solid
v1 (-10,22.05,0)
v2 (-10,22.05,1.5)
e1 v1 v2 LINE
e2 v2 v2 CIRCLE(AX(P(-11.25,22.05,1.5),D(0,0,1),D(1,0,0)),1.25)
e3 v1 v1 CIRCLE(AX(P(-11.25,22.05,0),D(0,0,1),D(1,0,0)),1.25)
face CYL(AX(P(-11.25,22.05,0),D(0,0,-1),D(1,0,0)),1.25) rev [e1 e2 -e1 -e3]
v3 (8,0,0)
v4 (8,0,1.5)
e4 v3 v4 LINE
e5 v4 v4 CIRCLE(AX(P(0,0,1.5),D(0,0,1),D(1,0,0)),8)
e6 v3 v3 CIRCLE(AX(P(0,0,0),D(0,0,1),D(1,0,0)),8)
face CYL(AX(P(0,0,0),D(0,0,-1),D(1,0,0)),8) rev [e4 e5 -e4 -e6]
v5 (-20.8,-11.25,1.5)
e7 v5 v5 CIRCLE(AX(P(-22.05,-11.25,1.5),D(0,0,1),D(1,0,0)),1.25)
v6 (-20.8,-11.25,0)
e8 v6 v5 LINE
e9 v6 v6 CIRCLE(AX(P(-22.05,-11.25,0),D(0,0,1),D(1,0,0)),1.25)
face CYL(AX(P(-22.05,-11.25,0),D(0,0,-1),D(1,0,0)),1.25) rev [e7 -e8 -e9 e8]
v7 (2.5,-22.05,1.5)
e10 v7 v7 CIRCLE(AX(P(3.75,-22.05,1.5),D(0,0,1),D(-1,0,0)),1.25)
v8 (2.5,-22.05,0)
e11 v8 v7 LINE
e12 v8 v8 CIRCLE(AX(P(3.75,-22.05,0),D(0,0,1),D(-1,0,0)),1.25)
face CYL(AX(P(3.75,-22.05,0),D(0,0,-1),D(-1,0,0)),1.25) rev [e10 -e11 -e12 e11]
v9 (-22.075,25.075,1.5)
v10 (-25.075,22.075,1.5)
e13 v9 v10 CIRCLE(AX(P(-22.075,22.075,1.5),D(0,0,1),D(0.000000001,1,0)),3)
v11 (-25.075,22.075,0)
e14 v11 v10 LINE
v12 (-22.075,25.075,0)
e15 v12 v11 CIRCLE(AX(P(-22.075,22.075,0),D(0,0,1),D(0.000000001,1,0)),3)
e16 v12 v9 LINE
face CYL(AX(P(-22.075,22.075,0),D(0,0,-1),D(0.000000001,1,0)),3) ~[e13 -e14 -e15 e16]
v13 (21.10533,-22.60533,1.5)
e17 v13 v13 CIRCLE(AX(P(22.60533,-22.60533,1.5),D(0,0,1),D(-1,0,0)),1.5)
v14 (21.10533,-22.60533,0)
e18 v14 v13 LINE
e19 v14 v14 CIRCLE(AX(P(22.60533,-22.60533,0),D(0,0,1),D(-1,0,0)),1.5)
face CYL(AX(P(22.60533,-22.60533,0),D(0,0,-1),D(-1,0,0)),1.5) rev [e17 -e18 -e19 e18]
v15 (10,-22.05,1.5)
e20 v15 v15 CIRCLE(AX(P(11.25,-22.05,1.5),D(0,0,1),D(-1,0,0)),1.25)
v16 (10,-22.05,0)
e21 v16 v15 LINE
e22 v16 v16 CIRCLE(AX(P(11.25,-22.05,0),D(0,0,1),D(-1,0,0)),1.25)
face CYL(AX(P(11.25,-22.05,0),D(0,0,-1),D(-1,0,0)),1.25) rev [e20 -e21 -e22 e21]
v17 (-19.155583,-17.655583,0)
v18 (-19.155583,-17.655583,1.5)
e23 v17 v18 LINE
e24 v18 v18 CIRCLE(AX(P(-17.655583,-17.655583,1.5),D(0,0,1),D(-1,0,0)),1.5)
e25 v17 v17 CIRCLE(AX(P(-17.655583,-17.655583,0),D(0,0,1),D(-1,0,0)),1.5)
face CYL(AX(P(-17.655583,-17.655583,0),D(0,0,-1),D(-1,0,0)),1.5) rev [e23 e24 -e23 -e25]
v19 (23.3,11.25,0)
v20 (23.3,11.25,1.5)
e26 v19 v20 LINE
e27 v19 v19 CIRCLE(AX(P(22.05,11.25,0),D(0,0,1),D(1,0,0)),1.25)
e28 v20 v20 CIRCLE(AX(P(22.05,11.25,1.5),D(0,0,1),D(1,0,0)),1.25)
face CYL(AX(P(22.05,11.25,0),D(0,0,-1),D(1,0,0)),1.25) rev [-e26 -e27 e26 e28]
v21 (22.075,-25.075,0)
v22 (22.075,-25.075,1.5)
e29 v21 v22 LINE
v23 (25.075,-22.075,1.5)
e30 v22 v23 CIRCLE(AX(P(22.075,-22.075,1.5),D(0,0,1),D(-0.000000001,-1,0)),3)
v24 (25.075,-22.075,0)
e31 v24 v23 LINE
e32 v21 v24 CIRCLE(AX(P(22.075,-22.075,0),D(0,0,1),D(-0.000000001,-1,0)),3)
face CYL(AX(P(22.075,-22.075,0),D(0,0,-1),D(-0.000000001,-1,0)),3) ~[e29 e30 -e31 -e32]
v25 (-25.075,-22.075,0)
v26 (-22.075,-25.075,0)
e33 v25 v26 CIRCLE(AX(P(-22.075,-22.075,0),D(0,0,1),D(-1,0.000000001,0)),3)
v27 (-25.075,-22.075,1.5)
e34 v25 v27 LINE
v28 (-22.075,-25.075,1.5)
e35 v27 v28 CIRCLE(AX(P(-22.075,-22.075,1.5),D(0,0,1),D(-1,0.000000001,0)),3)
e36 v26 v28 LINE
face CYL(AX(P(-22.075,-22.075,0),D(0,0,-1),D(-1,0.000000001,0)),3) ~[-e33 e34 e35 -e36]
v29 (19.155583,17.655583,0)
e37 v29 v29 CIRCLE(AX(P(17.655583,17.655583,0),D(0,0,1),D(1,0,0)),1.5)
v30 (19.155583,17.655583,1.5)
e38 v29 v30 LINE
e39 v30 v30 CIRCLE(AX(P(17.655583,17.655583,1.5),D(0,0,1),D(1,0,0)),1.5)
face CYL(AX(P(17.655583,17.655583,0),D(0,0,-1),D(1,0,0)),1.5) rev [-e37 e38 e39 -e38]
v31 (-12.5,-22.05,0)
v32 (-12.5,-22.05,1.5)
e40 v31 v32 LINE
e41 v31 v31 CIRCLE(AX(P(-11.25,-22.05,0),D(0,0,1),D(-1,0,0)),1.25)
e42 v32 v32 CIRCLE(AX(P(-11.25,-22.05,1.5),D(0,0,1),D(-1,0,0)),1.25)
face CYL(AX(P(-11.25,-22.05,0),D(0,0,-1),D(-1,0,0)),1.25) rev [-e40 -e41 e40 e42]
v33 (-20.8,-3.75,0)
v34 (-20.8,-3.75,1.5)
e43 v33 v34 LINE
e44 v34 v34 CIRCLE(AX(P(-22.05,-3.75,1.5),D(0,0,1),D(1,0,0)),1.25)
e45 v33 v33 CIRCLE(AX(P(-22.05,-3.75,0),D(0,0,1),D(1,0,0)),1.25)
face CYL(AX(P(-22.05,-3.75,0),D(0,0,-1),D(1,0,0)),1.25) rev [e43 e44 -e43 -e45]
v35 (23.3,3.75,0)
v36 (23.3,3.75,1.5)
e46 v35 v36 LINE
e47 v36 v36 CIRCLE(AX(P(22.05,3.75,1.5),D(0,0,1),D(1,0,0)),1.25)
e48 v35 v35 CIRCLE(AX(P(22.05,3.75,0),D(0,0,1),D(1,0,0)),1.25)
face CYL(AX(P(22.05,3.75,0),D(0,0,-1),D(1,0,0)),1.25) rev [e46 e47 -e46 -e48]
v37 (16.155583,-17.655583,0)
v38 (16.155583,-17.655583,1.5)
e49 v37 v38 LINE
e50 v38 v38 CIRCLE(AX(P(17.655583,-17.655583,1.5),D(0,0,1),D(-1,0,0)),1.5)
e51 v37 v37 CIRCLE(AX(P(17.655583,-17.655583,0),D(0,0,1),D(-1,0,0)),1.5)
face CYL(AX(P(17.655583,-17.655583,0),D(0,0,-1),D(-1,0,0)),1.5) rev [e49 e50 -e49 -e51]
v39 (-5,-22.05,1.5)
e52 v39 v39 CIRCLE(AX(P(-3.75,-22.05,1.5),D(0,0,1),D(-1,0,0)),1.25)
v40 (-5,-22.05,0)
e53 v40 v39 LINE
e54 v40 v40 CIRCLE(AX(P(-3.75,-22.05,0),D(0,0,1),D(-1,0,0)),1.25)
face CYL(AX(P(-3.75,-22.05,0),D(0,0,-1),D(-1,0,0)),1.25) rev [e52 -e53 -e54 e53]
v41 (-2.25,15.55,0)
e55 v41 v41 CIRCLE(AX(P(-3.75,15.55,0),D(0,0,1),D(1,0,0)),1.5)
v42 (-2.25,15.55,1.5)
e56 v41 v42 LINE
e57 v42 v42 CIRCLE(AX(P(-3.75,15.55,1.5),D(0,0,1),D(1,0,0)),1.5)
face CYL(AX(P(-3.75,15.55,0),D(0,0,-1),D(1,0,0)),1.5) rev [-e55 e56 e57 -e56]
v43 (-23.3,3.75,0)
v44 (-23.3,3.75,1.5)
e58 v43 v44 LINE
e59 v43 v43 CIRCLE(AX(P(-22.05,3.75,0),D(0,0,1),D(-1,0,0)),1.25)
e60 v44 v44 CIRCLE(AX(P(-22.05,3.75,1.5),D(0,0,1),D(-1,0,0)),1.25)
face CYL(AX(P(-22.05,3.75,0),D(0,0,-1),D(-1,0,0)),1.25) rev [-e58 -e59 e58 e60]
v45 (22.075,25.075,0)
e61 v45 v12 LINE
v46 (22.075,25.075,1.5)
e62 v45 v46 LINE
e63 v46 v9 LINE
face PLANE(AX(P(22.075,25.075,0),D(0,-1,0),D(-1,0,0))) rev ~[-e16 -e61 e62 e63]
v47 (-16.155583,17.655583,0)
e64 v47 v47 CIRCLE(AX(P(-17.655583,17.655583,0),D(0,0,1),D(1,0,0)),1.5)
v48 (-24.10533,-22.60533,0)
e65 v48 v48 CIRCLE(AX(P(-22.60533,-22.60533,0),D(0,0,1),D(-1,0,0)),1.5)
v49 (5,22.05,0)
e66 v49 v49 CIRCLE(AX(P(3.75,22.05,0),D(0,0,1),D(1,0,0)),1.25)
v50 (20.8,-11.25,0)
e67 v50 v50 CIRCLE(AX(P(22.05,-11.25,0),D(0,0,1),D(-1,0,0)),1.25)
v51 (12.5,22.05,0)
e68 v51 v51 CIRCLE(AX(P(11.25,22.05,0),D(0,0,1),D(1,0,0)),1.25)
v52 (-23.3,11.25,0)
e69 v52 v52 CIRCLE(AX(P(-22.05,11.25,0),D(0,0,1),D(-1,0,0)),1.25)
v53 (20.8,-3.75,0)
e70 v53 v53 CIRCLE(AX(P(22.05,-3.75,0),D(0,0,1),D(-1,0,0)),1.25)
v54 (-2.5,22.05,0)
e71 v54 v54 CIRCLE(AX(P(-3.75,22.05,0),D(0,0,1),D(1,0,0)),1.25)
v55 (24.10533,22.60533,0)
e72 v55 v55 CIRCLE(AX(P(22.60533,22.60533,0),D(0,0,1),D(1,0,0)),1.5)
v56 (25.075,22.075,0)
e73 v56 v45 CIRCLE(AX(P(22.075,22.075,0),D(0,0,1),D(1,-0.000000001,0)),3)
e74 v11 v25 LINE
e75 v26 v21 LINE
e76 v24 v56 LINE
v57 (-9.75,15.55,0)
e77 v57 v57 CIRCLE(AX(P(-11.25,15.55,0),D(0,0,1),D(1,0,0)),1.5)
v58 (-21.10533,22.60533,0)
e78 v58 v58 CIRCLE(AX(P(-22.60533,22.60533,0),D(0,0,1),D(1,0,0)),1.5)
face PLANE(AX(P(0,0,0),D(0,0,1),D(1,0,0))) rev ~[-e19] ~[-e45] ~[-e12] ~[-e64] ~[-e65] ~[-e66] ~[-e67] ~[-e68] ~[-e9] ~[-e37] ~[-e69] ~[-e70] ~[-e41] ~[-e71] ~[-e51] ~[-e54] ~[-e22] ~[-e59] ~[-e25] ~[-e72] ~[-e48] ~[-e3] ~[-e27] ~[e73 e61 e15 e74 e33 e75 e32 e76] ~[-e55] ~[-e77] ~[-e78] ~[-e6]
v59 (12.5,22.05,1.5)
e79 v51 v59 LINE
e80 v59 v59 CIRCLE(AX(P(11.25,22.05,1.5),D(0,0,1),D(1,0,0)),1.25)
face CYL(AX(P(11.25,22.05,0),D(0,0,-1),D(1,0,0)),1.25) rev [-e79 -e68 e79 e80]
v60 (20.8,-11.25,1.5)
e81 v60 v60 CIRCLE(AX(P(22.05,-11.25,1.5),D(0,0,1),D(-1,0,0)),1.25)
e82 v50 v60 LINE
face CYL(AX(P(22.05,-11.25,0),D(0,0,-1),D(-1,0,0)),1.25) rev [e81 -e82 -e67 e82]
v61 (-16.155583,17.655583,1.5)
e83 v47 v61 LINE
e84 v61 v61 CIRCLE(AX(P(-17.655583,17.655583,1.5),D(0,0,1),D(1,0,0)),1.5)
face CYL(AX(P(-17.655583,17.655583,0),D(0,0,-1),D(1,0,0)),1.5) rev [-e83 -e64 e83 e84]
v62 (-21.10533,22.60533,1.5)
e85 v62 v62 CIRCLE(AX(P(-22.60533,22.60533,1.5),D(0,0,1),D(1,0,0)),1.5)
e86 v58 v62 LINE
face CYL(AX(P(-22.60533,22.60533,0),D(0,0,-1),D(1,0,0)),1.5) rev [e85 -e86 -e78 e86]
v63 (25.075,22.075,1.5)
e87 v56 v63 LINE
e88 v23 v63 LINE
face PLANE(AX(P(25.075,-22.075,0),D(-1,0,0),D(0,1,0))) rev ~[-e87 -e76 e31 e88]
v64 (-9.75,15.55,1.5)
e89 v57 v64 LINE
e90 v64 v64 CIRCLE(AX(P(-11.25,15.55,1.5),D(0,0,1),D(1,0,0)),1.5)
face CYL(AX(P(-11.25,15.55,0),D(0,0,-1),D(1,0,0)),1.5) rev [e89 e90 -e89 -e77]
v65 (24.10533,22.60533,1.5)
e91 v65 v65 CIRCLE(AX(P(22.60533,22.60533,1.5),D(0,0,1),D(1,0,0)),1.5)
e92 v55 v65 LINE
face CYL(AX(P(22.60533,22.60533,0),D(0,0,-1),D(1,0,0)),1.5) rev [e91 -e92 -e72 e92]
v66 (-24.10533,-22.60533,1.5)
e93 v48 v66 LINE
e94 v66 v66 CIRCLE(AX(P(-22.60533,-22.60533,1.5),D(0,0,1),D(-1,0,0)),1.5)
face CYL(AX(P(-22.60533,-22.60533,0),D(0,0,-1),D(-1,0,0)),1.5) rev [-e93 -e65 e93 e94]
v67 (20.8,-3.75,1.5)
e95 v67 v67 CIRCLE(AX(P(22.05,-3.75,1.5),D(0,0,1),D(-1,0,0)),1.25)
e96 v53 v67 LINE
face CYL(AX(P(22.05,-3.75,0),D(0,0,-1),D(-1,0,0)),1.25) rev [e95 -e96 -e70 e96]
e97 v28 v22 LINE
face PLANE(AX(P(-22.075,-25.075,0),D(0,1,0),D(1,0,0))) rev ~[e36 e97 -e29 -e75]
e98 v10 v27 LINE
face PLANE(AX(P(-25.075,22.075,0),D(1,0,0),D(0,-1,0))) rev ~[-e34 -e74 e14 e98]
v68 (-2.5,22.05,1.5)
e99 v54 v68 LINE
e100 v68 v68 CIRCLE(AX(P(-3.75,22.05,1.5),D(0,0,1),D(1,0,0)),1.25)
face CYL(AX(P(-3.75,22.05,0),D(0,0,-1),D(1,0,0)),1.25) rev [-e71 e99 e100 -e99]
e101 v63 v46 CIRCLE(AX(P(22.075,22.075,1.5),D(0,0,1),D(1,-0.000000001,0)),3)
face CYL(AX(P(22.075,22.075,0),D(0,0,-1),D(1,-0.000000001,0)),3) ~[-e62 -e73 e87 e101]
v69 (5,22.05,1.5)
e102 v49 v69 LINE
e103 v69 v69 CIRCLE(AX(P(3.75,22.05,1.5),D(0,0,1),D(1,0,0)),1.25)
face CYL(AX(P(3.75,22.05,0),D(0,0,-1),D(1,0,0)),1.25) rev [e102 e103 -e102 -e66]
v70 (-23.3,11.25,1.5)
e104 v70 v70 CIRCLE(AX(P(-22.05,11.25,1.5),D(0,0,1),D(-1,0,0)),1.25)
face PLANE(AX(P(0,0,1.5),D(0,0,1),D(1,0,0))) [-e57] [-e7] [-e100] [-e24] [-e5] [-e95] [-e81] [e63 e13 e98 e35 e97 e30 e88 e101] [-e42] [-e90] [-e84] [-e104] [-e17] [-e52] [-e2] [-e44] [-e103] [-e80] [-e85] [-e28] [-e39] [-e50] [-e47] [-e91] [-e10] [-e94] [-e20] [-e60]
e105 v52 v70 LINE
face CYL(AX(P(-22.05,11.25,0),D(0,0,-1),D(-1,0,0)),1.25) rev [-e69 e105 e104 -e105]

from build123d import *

# Parameters (mm, degrees)
SKETCH1_R           = 8
SKETCH1_R_2         = 1.5
SKETCH1_R_3         = 1.25
BOSS_EXTRUDE1_DEPTH = 1.5


with BuildPart() as part:
    # Sketch1 → Boss-Extrude1 (new body)
    with BuildSketch(Plane.XY):
        with BuildLine():
            Line((-22.075, -25.075), (22.075, -25.075))
            ThreePointArc((22.075, -25.075), (24.196320344, -24.196320344), (25.075, -22.075))
            Line((25.075, -22.075), (25.075, 22.075))
            ThreePointArc((25.075, 22.075), (24.196320344, 24.196320344), (22.075, 25.075))
            Line((22.075, 25.075), (-22.075, 25.075))
            ThreePointArc((-22.075, 25.075), (-24.196320344, 24.196320344), (-25.075, 22.075))
            Line((-25.075, 22.075), (-25.075, -22.075))
            ThreePointArc((-25.075, -22.075), (-24.196320344, -24.196320344), (-22.075, -25.075))
        make_face()
        Circle(SKETCH1_R, mode=Mode.SUBTRACT)
        with Locations((-22.605330086, 22.605330086)):
            Circle(SKETCH1_R_2, mode=Mode.SUBTRACT)
        with Locations(Location((22.605330086, -22.605330086, 0), (0, 0, 180))):
            Circle(SKETCH1_R_2, mode=Mode.SUBTRACT)
        with Locations((22.605330086, 22.605330086)):
            Circle(SKETCH1_R_2, mode=Mode.SUBTRACT)
        with Locations(Location((-22.605330086, -22.605330086, 0), (0, 0, 180))):
            Circle(SKETCH1_R_2, mode=Mode.SUBTRACT)
        with Locations((-17.655582618, 17.655582618)):
            Circle(SKETCH1_R_2, mode=Mode.SUBTRACT)
        with Locations(Location((17.655582618, -17.655582618, 0), (0, 0, 180))):
            Circle(SKETCH1_R_2, mode=Mode.SUBTRACT)
        with Locations((17.655582618, 17.655582618)):
            Circle(SKETCH1_R_2, mode=Mode.SUBTRACT)
        with Locations(Location((-17.655582618, -17.655582618, 0), (0, 0, 180))):
            Circle(SKETCH1_R_2, mode=Mode.SUBTRACT)
        with Locations((-3.75, 22.05)):
            Circle(SKETCH1_R_3, mode=Mode.SUBTRACT)
        with Locations((3.75, 22.05)):
            Circle(SKETCH1_R_3, mode=Mode.SUBTRACT)
        with Locations((11.25, 22.05)):
            Circle(SKETCH1_R_3, mode=Mode.SUBTRACT)
        with Locations((-11.25, 22.05)):
            Circle(SKETCH1_R_3, mode=Mode.SUBTRACT)
        with Locations(Location((11.25, -22.05, 0), (0, 0, 180))):
            Circle(SKETCH1_R_3, mode=Mode.SUBTRACT)
        with Locations(Location((3.75, -22.05, 0), (0, 0, 180))):
            Circle(SKETCH1_R_3, mode=Mode.SUBTRACT)
        with Locations(Location((-3.75, -22.05, 0), (0, 0, 180))):
            Circle(SKETCH1_R_3, mode=Mode.SUBTRACT)
        with Locations(Location((-11.25, -22.05, 0), (0, 0, 180))):
            Circle(SKETCH1_R_3, mode=Mode.SUBTRACT)
        with Locations(Location((-22.05, 3.75, 0), (0, 0, 180))):
            Circle(SKETCH1_R_3, mode=Mode.SUBTRACT)
        with Locations(Location((-22.05, 11.25, 0), (0, 0, 180))):
            Circle(SKETCH1_R_3, mode=Mode.SUBTRACT)
        with Locations((-22.05, -11.25)):
            Circle(SKETCH1_R_3, mode=Mode.SUBTRACT)
        with Locations((-22.05, -3.75)):
            Circle(SKETCH1_R_3, mode=Mode.SUBTRACT)
        with Locations(Location((22.05, -11.25, 0), (0, 0, 180))):
            Circle(SKETCH1_R_3, mode=Mode.SUBTRACT)
        with Locations(Location((22.05, -3.75, 0), (0, 0, 180))):
            Circle(SKETCH1_R_3, mode=Mode.SUBTRACT)
        with Locations((22.05, 3.75)):
            Circle(SKETCH1_R_3, mode=Mode.SUBTRACT)
        with Locations((22.05, 11.25)):
            Circle(SKETCH1_R_3, mode=Mode.SUBTRACT)
        with Locations((-11.25, 15.55)):
            Circle(SKETCH1_R_2, mode=Mode.SUBTRACT)
        with Locations((-3.75, 15.55)):
            Circle(SKETCH1_R_2, mode=Mode.SUBTRACT)
    extrude(amount=BOSS_EXTRUDE1_DEPTH)


solid = part.part
